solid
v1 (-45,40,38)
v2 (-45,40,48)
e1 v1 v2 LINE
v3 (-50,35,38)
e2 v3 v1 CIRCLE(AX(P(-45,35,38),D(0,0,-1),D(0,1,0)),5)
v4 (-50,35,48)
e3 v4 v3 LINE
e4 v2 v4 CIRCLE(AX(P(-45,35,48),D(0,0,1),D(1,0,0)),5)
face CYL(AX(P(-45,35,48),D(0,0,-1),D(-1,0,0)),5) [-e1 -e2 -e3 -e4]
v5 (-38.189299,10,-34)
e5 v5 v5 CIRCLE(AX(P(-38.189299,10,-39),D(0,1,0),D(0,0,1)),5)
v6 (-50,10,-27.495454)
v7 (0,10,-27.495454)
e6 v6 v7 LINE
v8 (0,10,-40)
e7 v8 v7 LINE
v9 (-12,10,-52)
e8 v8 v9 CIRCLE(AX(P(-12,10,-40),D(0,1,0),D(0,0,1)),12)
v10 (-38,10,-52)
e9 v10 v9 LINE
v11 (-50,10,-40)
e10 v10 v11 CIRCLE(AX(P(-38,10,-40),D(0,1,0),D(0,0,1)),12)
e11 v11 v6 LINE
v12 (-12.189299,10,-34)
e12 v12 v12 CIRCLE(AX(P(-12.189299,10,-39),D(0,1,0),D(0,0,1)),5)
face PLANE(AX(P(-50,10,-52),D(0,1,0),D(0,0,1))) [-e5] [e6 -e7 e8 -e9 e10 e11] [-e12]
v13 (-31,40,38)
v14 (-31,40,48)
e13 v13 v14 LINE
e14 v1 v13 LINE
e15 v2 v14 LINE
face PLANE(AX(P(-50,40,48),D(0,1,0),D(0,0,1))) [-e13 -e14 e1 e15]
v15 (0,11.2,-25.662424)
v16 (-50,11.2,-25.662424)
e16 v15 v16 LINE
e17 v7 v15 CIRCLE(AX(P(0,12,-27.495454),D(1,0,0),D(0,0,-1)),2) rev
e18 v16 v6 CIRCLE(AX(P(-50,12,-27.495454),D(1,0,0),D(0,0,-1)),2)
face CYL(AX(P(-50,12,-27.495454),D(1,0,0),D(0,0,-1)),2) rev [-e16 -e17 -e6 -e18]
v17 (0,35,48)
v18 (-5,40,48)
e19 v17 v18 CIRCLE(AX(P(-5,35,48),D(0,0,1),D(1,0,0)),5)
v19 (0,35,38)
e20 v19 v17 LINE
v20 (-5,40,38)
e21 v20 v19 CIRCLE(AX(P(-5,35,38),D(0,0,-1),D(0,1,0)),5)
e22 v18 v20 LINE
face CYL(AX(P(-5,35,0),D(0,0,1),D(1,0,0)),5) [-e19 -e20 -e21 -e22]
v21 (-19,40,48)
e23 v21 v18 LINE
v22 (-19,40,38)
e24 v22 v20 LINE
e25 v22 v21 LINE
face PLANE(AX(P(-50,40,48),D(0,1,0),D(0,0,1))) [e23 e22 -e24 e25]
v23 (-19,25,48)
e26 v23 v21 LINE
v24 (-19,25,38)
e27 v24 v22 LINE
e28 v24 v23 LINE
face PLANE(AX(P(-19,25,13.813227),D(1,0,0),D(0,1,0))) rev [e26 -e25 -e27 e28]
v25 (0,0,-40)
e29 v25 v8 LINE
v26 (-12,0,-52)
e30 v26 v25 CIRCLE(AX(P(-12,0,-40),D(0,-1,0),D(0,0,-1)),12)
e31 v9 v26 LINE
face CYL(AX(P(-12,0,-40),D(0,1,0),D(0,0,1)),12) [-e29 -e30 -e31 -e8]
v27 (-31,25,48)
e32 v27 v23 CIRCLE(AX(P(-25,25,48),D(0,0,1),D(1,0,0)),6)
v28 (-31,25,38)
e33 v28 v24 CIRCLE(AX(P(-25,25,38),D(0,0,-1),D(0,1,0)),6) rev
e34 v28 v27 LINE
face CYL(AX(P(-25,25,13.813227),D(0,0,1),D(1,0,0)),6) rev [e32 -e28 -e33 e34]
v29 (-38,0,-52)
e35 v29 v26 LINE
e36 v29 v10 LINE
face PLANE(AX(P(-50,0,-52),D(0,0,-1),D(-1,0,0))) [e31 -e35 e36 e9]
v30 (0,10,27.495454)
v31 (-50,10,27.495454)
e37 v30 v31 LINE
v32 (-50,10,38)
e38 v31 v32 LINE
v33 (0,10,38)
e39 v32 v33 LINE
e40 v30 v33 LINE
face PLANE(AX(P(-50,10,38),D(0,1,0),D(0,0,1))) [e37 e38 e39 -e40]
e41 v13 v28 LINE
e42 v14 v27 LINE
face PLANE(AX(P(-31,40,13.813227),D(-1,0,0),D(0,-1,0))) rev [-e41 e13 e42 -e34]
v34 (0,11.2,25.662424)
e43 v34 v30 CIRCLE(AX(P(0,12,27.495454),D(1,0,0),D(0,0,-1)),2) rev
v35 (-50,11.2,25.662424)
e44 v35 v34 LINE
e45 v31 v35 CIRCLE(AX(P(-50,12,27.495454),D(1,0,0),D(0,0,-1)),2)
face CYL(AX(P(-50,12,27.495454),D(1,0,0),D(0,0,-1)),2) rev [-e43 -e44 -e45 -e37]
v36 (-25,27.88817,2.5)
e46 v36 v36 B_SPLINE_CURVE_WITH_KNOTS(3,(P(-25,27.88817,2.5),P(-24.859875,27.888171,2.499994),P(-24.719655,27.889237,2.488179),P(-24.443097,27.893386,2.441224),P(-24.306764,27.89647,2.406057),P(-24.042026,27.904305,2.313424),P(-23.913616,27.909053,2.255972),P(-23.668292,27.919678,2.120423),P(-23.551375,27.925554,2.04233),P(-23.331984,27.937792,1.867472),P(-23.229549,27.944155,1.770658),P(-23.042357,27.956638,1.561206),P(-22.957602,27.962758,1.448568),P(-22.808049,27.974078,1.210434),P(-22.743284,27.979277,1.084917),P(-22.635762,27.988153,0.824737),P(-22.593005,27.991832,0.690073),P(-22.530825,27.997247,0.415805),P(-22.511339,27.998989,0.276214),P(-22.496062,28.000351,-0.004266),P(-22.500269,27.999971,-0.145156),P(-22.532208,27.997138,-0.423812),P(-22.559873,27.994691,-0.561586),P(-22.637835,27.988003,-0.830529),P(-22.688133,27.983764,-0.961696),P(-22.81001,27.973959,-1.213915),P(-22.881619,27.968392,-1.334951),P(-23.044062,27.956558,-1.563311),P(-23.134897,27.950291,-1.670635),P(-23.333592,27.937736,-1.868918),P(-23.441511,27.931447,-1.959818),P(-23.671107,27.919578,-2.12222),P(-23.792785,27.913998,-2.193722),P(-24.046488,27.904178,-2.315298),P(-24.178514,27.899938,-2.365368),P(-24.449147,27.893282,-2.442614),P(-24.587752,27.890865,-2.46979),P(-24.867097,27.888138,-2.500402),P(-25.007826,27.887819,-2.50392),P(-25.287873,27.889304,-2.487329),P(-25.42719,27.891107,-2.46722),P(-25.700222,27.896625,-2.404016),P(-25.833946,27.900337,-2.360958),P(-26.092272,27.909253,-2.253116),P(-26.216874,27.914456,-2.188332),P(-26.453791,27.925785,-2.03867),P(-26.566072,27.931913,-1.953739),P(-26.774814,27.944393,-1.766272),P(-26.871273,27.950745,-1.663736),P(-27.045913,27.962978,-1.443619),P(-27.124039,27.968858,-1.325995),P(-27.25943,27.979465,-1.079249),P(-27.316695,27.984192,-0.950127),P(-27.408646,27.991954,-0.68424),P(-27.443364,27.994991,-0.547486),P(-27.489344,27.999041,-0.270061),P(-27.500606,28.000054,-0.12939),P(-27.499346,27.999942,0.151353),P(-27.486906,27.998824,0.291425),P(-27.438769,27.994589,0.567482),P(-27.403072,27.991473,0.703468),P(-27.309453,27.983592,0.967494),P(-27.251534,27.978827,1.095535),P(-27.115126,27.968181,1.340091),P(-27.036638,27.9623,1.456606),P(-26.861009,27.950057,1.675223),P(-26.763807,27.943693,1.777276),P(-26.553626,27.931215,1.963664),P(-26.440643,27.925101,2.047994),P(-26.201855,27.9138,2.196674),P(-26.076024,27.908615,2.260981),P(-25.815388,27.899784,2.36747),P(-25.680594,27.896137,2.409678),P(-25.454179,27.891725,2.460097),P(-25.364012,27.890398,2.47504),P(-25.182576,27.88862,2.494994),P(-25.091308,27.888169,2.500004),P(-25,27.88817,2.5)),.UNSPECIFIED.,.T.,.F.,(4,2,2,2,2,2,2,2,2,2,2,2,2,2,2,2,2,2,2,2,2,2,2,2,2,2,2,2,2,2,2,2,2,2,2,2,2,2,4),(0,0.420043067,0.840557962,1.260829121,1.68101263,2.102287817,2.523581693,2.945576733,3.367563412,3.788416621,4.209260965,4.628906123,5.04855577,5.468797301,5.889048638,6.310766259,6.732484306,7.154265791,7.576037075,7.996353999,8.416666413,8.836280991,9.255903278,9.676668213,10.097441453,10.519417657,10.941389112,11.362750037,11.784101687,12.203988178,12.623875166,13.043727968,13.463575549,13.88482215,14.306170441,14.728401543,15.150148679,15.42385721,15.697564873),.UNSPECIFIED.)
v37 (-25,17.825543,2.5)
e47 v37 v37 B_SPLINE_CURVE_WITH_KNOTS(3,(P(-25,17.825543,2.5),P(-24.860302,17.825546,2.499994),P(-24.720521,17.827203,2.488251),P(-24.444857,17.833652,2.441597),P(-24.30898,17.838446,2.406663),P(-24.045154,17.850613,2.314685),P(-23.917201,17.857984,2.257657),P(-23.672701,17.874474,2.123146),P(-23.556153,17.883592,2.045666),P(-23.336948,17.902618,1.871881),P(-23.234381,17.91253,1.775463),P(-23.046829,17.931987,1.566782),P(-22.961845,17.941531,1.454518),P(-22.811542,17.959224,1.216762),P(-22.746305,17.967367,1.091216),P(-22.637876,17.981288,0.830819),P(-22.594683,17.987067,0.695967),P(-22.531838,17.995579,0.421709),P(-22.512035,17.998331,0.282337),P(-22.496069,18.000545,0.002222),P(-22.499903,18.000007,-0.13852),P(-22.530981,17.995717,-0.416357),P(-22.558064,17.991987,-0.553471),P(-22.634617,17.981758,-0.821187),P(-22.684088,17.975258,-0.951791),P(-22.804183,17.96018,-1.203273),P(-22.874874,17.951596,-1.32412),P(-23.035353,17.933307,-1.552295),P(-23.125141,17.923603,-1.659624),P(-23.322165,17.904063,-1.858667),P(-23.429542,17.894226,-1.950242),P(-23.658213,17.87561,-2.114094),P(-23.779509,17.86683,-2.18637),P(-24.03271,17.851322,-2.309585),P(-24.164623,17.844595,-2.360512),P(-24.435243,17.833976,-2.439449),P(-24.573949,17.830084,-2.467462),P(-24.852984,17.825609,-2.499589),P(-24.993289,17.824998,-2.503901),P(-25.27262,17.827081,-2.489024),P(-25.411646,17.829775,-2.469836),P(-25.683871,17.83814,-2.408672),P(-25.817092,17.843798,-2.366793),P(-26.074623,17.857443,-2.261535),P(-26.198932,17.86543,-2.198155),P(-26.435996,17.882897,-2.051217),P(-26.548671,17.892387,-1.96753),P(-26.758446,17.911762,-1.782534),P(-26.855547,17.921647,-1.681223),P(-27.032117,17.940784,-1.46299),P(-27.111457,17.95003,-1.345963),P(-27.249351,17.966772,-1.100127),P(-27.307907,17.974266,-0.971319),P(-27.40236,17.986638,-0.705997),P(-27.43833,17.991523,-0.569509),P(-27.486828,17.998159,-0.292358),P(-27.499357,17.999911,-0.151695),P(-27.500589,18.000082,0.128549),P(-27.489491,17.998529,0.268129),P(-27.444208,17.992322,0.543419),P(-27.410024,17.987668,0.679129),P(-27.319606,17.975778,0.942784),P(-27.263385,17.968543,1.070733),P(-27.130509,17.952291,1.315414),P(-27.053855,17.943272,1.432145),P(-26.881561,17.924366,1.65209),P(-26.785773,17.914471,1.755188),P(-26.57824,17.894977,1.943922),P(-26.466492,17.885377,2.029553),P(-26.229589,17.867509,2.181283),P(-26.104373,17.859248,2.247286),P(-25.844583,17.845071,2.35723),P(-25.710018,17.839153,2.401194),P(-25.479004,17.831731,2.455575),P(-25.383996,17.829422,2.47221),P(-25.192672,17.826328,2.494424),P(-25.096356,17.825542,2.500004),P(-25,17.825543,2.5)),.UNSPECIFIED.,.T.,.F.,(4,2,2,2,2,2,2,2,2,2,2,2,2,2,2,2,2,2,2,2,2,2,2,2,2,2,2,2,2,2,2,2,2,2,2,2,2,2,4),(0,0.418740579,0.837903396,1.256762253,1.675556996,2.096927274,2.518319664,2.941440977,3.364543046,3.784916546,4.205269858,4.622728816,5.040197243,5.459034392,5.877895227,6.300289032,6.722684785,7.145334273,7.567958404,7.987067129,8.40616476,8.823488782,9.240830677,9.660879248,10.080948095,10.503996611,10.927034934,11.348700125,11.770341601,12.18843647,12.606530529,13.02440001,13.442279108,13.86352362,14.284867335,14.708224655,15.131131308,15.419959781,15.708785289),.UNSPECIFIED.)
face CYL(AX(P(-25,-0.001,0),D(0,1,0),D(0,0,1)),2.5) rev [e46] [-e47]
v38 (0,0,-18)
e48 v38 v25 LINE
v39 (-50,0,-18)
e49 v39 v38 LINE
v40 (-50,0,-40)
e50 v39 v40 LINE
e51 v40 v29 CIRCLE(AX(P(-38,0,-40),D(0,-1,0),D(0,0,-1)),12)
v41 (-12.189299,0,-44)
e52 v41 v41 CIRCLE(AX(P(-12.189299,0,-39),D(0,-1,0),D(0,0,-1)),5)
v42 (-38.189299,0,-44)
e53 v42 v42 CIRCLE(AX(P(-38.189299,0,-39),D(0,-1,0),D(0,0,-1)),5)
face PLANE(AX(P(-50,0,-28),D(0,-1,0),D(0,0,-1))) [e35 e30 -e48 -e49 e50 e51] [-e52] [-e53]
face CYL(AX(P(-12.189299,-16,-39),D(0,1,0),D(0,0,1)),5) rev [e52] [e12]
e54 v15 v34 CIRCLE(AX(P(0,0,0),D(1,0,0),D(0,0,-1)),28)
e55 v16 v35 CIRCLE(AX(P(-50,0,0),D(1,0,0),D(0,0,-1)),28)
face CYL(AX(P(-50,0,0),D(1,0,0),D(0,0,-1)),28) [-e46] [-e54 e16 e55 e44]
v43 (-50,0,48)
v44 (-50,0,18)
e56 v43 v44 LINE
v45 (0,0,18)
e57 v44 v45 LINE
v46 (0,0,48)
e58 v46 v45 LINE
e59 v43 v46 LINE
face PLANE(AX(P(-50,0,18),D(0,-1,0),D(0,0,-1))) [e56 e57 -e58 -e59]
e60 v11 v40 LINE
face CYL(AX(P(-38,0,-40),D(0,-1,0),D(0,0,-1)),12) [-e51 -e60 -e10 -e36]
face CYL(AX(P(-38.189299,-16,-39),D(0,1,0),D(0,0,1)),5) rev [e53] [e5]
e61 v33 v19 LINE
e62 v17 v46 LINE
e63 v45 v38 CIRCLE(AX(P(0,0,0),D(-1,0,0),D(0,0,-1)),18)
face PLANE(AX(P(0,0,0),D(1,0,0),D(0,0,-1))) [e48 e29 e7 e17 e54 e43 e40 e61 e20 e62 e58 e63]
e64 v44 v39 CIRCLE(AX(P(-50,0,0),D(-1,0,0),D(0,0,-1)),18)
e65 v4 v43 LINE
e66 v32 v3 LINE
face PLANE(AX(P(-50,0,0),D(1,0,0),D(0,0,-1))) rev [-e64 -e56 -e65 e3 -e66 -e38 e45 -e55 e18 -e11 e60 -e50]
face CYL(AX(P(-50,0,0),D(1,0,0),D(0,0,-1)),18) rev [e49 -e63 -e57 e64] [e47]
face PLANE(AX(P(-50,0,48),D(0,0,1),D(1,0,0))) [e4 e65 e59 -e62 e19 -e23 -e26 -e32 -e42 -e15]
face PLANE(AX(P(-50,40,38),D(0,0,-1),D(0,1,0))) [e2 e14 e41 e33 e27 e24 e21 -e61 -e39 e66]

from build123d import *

# Parameters (mm, degrees)
Y_KSEKLIK_EKSTR_ZYON1_DEPTH = 50
RADYUS1_R                   = 5
KES_EKSTR_ZYON1_DEPTH       = 10
KES_EKSTR_ZYON2_REACH       = 79.382
KES_EKSTR_ZYON2_END_RADIUS  = 18
IZIM4_R                     = 2.5
IZIM5_R                     = 5
KES_EKSTR_ZYON3_DEPTH       = 26
RADYUS2_R                   = 12
RADYUS3_R                   = 2


with BuildPart() as part:
    # Çizim2 → Yükseklik-Ekstrüzyon1 (new body)
    with BuildSketch(Plane(origin=(0, 0, 0), x_dir=(0, 0, -1), z_dir=(1, 0, 0))):
        with BuildLine():
            Line((-18, 0), (-48, 0))
            Line((-48, 0), (-48, 40))
            Line((-48, 40), (-38, 40))
            Line((-38, 40), (-38, 10))
            Line((-38, 10), (-26.153393661, 10))
            ThreePointArc((-26.153393661, 10), (0, 28), (26.153393661, 10))
            Line((26.153393661, 10), (52, 10))
            Line((52, 10), (52, 0))
            Line((52, 0), (28, 0))
            Line((28, 0), (18, 0))
            ThreePointArc((18, 0), (0, 18), (-18, 0))
        make_face()
    extrude(amount=-Y_KSEKLIK_EKSTR_ZYON1_DEPTH)

    # Radyus1
    radyus1_edges = [part.edges().sort_by_distance(p)[0] for p in [
        (0, 40, 43),
        (-50, 40, 43),
    ]]
    fillet(radyus1_edges, radius=RADYUS1_R)

    # Çizim3 → Kes-Ekstrüzyon1 (cut)
    with BuildSketch(Plane.XY.offset(48)):
        with BuildLine():
            Line((-31, 40), (-31, 25))
            ThreePointArc((-31, 25), (-25, 19), (-19, 25))
            Line((-19, 25), (-19, 40))
            Line((-19, 40), (-31, 40))
        make_face()
    extrude(amount=-KES_EKSTR_ZYON1_DEPTH, mode=Mode.SUBTRACT)

    # Kes-Ekstrüzyon2: up to this cylinder (the profile starts outside it)
    kes_ekstr_zyon2_end = Plane(origin=(-25, 0, 0), z_dir=(1, 0, 0)) * Cylinder(KES_EKSTR_ZYON2_END_RADIUS, 195.764, mode=Mode.PRIVATE)
    # Çizim4 → Kes-Ekstrüzyon2 (cut, up to the surface)
    with BuildSketch(Plane(origin=(0, 28, 0), x_dir=(1, 0, 0), z_dir=(0, 1, 0)), mode=Mode.PRIVATE) as kes_ekstr_zyon2_sk1:
        with Locations(Location((-25, 0, 0), (0, 0, 270))):
            Circle(IZIM4_R)
    kes_ekstr_zyon2_tool1 = extrude(kes_ekstr_zyon2_sk1.sketch, amount=-KES_EKSTR_ZYON2_REACH, mode=Mode.PRIVATE) - kes_ekstr_zyon2_end
    add(kes_ekstr_zyon2_tool1.solids().sort_by_distance((-25, 28, 0))[0], mode=Mode.SUBTRACT)

    # Çizim5 → Kes-Ekstrüzyon3 (cut)
    with BuildSketch(Plane(origin=(0, 10, 0), x_dir=(1, 0, 0), z_dir=(0, 1, 0))):
        with Locations(Location((-38.189299203, 39, 0), (0, 0, 270))):
            Circle(IZIM5_R)
        with Locations(Location((-12.189299203, 39, 0), (0, 0, 270))):
            Circle(IZIM5_R)
    extrude(amount=-KES_EKSTR_ZYON3_DEPTH, mode=Mode.SUBTRACT)

    # Radyus2
    radyus2_edges = [part.edges().sort_by_distance(p)[0] for p in [
        (0, 5, -52),
        (-50, 5, -52),
    ]]
    fillet(radyus2_edges, radius=RADYUS2_R)

    # Radyus3
    radyus3_edges = [part.edges().sort_by_distance(p)[0] for p in [
        (-25, 10, 26.153393661),
        (-25, 10, -26.153393661),
    ]]
    fillet(radyus3_edges, radius=RADYUS3_R)


solid = part.part
